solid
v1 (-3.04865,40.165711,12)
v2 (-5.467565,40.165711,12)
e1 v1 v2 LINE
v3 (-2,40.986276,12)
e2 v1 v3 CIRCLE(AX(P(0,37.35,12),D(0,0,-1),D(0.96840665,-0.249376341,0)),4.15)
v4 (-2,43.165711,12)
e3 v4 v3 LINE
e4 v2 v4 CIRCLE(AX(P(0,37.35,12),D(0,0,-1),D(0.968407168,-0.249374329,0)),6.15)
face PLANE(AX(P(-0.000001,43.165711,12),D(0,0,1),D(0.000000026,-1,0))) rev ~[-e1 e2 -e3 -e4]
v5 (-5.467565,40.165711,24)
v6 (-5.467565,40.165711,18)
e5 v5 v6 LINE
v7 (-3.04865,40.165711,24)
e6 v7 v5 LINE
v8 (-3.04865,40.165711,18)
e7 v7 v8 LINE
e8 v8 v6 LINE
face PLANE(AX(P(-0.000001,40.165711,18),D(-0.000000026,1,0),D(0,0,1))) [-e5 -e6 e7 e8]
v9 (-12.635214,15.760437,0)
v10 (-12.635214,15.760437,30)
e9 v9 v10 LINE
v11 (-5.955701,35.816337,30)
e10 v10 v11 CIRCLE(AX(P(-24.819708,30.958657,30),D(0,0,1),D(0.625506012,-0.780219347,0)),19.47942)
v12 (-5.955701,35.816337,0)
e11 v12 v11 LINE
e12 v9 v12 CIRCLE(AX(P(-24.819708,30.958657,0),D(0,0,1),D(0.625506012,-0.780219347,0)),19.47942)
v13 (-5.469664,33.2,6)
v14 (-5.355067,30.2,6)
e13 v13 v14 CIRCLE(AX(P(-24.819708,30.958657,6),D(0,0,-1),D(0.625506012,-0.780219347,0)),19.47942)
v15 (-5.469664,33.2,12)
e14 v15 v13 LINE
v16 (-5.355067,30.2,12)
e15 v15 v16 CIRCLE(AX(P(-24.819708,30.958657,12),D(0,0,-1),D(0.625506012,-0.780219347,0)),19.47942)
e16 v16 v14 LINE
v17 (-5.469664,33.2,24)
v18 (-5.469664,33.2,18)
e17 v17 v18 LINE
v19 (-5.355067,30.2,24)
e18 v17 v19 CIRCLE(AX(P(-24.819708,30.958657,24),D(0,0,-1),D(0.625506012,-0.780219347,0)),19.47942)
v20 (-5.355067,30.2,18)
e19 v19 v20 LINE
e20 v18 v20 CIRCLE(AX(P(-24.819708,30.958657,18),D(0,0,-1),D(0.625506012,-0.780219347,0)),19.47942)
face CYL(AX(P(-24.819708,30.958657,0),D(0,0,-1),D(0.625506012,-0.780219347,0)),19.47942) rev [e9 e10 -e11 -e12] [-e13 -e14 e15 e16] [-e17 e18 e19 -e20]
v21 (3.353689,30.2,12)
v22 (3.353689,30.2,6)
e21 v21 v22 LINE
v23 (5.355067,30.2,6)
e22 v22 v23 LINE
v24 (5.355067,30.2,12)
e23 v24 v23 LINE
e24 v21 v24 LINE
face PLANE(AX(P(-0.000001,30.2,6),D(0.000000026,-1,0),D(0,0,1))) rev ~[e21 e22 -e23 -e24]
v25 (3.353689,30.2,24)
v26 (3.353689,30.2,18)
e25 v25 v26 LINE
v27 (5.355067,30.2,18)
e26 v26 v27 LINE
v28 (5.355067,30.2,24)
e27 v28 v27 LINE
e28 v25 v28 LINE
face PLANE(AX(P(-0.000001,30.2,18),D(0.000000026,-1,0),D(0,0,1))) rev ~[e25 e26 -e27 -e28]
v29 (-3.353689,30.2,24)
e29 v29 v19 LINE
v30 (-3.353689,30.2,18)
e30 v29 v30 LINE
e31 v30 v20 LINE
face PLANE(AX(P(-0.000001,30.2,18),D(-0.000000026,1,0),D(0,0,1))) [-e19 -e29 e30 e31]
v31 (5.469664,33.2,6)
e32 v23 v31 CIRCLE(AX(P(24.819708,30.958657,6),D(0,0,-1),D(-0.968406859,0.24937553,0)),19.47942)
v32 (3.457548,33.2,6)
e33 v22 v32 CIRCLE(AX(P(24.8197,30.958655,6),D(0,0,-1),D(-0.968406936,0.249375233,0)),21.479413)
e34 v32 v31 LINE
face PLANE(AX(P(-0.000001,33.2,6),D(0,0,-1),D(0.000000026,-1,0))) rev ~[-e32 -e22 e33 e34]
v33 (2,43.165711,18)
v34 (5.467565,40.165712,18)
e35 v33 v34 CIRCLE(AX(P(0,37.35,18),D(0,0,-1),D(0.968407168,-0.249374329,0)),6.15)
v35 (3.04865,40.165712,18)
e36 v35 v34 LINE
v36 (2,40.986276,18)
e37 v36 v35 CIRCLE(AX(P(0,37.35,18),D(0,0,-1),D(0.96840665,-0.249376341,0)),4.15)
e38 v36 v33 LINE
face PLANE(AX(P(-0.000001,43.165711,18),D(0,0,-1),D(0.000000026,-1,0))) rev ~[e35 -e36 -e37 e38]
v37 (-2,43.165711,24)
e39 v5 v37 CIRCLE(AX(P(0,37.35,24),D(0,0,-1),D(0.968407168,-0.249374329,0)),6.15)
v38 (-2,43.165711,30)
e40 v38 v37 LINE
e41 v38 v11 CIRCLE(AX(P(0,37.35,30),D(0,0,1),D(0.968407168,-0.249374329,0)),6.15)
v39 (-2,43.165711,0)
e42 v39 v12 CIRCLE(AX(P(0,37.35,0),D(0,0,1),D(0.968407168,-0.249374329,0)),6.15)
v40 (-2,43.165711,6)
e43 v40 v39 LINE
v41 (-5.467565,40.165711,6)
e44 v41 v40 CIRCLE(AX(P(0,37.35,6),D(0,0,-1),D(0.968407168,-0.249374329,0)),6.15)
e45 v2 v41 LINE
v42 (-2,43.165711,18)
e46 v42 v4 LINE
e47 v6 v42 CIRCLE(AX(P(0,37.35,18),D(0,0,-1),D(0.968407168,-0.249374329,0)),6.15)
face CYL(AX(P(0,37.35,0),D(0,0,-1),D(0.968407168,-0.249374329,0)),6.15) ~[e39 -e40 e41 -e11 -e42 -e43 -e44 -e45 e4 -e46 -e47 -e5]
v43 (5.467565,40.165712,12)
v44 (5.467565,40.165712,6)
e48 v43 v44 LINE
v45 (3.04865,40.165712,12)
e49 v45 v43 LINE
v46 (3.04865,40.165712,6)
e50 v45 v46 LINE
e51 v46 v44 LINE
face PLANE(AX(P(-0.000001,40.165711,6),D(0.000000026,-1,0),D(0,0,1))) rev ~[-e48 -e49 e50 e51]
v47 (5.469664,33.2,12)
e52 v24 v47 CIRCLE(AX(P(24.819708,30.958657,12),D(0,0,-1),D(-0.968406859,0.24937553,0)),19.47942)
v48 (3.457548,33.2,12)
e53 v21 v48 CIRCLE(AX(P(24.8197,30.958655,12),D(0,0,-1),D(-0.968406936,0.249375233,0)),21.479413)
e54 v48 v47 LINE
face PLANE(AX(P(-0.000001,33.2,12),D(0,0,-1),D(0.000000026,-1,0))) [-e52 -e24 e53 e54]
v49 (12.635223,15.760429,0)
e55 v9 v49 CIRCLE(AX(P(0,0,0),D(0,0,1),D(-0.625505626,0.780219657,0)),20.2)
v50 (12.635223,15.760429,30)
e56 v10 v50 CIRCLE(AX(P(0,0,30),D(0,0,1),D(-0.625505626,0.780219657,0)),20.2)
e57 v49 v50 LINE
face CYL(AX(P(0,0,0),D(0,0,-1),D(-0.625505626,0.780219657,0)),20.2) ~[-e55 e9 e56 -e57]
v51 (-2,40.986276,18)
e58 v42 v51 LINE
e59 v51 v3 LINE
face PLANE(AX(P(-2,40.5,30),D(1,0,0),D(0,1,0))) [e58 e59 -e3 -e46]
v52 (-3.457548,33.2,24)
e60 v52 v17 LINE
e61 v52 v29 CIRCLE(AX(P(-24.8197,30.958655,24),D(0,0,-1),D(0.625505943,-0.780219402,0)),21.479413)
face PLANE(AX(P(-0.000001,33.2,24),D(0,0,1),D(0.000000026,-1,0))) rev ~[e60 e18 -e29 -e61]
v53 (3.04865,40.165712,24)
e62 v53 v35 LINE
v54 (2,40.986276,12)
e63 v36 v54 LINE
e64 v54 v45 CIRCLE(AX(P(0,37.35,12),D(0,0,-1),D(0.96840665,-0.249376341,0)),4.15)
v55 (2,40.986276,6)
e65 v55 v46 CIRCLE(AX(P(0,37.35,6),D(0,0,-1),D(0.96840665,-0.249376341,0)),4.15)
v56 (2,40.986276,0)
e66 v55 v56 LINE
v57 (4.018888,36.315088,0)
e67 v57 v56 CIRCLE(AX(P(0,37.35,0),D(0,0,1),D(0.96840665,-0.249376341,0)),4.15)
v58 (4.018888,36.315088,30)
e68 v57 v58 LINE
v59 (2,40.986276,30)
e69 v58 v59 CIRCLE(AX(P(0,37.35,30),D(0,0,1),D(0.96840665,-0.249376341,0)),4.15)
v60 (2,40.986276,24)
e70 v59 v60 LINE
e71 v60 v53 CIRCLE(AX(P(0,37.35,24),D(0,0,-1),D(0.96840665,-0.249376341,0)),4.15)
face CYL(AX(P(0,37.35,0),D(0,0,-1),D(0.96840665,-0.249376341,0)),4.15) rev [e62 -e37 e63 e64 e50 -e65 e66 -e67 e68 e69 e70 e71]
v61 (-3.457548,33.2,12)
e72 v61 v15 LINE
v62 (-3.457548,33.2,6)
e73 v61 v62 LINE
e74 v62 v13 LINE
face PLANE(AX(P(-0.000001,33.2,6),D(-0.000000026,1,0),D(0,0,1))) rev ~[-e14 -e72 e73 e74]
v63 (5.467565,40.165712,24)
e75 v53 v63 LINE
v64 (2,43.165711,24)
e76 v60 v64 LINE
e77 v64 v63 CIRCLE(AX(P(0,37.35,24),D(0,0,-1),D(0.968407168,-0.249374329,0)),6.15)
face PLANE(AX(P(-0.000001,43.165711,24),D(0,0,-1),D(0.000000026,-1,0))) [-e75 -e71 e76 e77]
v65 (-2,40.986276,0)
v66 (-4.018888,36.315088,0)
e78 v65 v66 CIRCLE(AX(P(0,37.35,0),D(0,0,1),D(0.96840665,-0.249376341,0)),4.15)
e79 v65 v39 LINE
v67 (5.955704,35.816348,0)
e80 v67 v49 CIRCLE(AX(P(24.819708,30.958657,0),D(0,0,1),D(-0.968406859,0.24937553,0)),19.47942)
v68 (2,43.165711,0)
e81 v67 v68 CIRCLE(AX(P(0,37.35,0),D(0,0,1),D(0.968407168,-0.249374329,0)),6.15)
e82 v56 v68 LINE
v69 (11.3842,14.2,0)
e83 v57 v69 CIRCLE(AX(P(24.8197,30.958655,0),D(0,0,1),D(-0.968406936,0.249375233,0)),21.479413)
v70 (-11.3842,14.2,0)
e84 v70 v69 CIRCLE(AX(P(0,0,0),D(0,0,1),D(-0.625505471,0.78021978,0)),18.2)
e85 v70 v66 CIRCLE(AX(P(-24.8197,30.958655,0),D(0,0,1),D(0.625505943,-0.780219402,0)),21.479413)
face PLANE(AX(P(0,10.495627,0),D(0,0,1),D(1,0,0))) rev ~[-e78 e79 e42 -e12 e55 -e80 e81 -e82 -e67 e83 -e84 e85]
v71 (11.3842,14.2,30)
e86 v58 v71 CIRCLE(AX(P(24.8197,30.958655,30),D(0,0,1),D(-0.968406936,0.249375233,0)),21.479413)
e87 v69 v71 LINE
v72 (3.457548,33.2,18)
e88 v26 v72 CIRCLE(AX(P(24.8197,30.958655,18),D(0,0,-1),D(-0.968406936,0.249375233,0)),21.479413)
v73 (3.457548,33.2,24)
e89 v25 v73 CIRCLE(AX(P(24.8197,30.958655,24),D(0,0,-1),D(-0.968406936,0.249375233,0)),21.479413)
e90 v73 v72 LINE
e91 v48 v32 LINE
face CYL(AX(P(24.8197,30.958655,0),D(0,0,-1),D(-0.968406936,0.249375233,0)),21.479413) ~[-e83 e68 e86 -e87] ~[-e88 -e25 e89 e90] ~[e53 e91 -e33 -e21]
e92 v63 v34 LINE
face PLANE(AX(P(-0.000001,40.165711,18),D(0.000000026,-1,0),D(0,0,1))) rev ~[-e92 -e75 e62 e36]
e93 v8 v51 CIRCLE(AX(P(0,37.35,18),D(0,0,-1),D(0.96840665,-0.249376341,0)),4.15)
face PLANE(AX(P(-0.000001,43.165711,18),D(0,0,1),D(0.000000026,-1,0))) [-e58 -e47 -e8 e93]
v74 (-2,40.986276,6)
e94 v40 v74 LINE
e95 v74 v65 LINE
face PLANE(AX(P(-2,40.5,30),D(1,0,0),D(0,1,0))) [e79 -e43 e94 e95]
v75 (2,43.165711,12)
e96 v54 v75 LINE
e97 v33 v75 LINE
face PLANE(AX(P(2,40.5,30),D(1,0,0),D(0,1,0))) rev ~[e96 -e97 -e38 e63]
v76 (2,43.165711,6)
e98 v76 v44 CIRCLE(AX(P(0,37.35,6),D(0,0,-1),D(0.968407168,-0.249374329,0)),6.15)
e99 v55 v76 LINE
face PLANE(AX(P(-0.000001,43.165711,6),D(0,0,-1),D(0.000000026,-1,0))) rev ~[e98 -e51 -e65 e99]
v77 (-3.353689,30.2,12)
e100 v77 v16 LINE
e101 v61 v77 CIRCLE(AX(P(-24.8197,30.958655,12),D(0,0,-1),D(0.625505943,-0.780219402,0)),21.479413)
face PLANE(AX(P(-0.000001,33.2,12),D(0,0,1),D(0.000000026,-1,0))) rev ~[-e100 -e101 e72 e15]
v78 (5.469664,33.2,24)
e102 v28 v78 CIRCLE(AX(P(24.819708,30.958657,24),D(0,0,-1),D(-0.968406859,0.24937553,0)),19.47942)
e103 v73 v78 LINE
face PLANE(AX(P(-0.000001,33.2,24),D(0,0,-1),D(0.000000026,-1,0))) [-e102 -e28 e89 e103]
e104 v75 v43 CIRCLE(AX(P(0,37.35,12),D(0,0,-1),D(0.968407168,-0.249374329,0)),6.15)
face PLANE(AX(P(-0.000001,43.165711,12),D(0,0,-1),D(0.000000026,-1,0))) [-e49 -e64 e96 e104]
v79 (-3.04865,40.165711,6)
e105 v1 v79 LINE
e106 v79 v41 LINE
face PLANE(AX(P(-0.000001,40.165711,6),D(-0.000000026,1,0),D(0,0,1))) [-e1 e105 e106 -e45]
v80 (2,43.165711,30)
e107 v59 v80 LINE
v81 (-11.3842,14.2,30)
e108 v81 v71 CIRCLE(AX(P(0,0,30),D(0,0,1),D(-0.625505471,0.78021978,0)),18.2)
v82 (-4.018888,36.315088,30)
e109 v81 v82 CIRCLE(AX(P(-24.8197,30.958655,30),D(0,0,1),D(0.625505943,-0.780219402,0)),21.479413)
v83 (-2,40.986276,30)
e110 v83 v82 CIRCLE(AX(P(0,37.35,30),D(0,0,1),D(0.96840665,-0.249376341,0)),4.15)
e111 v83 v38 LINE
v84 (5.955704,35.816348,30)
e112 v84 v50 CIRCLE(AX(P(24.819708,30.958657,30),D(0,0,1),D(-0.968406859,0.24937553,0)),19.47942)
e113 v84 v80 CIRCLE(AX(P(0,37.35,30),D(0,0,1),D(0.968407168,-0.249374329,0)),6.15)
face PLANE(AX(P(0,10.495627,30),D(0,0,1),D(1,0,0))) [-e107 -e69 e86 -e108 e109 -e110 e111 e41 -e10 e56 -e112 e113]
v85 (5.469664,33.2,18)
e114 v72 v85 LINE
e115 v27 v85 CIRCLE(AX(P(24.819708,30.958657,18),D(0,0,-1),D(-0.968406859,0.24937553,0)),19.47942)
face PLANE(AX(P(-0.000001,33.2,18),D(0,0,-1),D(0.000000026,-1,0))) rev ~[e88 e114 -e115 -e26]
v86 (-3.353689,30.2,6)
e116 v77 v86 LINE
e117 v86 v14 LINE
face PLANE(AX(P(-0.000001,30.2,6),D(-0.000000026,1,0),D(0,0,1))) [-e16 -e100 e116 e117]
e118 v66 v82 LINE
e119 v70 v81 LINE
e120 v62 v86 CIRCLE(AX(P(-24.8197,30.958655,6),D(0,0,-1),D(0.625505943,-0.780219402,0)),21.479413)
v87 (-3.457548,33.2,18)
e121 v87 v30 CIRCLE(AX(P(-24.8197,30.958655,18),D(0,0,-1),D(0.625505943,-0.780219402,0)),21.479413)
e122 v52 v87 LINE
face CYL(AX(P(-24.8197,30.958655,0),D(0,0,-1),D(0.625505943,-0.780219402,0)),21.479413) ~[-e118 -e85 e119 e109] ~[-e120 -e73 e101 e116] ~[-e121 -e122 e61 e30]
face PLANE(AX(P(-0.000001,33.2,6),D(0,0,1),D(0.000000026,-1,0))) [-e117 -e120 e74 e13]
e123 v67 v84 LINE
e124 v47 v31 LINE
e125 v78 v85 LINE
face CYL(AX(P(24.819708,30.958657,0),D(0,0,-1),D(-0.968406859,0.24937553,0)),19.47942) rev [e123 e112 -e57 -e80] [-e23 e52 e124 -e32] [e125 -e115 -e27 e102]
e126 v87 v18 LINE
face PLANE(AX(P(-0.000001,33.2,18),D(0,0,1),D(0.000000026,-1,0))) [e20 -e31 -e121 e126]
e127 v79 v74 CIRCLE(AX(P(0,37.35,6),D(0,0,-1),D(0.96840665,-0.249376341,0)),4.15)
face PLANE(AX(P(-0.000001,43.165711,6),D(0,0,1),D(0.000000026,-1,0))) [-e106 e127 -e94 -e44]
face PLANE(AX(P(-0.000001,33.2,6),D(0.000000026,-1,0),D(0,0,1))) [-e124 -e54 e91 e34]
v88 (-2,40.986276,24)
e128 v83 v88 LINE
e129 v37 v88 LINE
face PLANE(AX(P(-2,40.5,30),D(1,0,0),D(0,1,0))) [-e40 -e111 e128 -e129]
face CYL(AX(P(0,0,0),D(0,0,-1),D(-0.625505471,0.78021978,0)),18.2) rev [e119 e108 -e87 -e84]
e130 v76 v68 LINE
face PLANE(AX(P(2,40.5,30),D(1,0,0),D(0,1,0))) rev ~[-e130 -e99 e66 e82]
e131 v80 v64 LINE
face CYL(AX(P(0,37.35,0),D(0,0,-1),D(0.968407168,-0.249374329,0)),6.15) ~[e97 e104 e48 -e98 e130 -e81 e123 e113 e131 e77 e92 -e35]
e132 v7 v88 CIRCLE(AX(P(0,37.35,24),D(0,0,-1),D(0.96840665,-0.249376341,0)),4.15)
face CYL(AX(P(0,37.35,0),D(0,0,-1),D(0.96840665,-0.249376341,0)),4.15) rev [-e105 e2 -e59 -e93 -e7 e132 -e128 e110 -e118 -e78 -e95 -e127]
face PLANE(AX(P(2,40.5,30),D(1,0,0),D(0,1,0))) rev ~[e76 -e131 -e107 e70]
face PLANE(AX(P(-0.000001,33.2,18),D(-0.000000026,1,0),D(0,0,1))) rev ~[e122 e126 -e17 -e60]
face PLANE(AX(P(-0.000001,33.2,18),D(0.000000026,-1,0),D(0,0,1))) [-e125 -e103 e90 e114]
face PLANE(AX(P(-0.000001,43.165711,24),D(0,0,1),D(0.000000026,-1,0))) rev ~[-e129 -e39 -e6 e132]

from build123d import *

# Parameters (mm, degrees)
PAD_DEPTH            = 30
SKETCH001_W          = 6
SKETCH001_H          = 3
POCKET_DEPTH         = 13.2
POCKET_DEPTH_BACK    = 13.2
SKETCH002_W          = 4
SKETCH002_H          = 4
POCKET001_DEPTH      = 30.001
SKETCH003_W          = 6
SKETCH003_H          = 3
POCKET002_DEPTH      = 13.5
POCKET002_DEPTH_BACK = 13.5


with BuildPart() as part:
    # Sketch → Pad (new body)
    with BuildSketch(Plane.XY):
        with BuildLine():
            ThreePointArc((5.9557040861, 35.8163478757), (-5.5633e-06, 43.5), (-5.9557013114, 35.8163371006))
            ThreePointArc((-12.6352136355, 15.760437062), (-6.3383082394, 24.8035240378), (-5.9557013114, 35.8163371006))
            ThreePointArc((-12.6352136355, 15.760437062), (-6.1796e-06, -20.2), (12.6352232783, 15.7604293313))
            ThreePointArc((5.9557040861, 35.8163478757), (6.3383084342, 24.8035234531), (12.6352232783, 15.7604293313))
        make_face()
        with BuildLine():
            ThreePointArc((4.018887599, 36.3150881841), (-3e-10, 41.5), (-4.0188875988, 36.3150881835))
            ThreePointArc((-11.3841995766, 14.2), (-4.4407755735, 24.1715627241), (-4.0188875988, 36.3150881835))
            ThreePointArc((-11.3841995766, 14.2), (1.86e-08, -18.2), (11.3841995475, 14.2000000233))
            ThreePointArc((4.018887599, 36.3150881841), (4.4407755675, 24.1715627421), (11.3841995475, 14.2000000233))
        make_face(mode=Mode.SUBTRACT)
    extrude(amount=PAD_DEPTH)

    # Sketch001 (on DatumPlane) → Pocket (cut, two sides)
    with BuildSketch(Plane(origin=(-1.1243e-06, 28.9018483533, 15), x_dir=(0, 0, 1), z_dir=(1, 2.57e-08, 0))) as pocket_sk:
        with Locations((-6, -2.7981516467)):
            Rectangle(SKETCH001_W, SKETCH001_H)
        with Locations((6, -2.7981516467)):
            Rectangle(SKETCH001_W, SKETCH001_H)
    extrude(amount=-POCKET_DEPTH, mode=Mode.SUBTRACT)
    extrude(pocket_sk.sketch, amount=POCKET_DEPTH_BACK, mode=Mode.SUBTRACT)

    # Sketch002 (on Face5 of Pocket) → Pocket001 (cut, through all)
    with BuildSketch(Plane.XY.offset(30)):
        with Locations((0, 42.5)):
            Rectangle(SKETCH002_W, SKETCH002_H)
    extrude(amount=-POCKET001_DEPTH, mode=Mode.SUBTRACT)

    # Sketch003 (on DatumPlane) → Pocket002 (cut, two sides)
    with BuildSketch(Plane(origin=(-1.1243e-06, 28.9018483533, 15), x_dir=(0, 0, 1), z_dir=(1, 2.57e-08, 0))) as pocket002_sk:
        with Locations((-6, -12.7638630738)):
            Rectangle(SKETCH003_W, SKETCH003_H)
        with Locations((6, -12.7638630738)):
            Rectangle(SKETCH003_W, SKETCH003_H)
    extrude(amount=-POCKET002_DEPTH, mode=Mode.SUBTRACT)
    extrude(pocket002_sk.sketch, amount=POCKET002_DEPTH_BACK, mode=Mode.SUBTRACT)


solid = part.part
